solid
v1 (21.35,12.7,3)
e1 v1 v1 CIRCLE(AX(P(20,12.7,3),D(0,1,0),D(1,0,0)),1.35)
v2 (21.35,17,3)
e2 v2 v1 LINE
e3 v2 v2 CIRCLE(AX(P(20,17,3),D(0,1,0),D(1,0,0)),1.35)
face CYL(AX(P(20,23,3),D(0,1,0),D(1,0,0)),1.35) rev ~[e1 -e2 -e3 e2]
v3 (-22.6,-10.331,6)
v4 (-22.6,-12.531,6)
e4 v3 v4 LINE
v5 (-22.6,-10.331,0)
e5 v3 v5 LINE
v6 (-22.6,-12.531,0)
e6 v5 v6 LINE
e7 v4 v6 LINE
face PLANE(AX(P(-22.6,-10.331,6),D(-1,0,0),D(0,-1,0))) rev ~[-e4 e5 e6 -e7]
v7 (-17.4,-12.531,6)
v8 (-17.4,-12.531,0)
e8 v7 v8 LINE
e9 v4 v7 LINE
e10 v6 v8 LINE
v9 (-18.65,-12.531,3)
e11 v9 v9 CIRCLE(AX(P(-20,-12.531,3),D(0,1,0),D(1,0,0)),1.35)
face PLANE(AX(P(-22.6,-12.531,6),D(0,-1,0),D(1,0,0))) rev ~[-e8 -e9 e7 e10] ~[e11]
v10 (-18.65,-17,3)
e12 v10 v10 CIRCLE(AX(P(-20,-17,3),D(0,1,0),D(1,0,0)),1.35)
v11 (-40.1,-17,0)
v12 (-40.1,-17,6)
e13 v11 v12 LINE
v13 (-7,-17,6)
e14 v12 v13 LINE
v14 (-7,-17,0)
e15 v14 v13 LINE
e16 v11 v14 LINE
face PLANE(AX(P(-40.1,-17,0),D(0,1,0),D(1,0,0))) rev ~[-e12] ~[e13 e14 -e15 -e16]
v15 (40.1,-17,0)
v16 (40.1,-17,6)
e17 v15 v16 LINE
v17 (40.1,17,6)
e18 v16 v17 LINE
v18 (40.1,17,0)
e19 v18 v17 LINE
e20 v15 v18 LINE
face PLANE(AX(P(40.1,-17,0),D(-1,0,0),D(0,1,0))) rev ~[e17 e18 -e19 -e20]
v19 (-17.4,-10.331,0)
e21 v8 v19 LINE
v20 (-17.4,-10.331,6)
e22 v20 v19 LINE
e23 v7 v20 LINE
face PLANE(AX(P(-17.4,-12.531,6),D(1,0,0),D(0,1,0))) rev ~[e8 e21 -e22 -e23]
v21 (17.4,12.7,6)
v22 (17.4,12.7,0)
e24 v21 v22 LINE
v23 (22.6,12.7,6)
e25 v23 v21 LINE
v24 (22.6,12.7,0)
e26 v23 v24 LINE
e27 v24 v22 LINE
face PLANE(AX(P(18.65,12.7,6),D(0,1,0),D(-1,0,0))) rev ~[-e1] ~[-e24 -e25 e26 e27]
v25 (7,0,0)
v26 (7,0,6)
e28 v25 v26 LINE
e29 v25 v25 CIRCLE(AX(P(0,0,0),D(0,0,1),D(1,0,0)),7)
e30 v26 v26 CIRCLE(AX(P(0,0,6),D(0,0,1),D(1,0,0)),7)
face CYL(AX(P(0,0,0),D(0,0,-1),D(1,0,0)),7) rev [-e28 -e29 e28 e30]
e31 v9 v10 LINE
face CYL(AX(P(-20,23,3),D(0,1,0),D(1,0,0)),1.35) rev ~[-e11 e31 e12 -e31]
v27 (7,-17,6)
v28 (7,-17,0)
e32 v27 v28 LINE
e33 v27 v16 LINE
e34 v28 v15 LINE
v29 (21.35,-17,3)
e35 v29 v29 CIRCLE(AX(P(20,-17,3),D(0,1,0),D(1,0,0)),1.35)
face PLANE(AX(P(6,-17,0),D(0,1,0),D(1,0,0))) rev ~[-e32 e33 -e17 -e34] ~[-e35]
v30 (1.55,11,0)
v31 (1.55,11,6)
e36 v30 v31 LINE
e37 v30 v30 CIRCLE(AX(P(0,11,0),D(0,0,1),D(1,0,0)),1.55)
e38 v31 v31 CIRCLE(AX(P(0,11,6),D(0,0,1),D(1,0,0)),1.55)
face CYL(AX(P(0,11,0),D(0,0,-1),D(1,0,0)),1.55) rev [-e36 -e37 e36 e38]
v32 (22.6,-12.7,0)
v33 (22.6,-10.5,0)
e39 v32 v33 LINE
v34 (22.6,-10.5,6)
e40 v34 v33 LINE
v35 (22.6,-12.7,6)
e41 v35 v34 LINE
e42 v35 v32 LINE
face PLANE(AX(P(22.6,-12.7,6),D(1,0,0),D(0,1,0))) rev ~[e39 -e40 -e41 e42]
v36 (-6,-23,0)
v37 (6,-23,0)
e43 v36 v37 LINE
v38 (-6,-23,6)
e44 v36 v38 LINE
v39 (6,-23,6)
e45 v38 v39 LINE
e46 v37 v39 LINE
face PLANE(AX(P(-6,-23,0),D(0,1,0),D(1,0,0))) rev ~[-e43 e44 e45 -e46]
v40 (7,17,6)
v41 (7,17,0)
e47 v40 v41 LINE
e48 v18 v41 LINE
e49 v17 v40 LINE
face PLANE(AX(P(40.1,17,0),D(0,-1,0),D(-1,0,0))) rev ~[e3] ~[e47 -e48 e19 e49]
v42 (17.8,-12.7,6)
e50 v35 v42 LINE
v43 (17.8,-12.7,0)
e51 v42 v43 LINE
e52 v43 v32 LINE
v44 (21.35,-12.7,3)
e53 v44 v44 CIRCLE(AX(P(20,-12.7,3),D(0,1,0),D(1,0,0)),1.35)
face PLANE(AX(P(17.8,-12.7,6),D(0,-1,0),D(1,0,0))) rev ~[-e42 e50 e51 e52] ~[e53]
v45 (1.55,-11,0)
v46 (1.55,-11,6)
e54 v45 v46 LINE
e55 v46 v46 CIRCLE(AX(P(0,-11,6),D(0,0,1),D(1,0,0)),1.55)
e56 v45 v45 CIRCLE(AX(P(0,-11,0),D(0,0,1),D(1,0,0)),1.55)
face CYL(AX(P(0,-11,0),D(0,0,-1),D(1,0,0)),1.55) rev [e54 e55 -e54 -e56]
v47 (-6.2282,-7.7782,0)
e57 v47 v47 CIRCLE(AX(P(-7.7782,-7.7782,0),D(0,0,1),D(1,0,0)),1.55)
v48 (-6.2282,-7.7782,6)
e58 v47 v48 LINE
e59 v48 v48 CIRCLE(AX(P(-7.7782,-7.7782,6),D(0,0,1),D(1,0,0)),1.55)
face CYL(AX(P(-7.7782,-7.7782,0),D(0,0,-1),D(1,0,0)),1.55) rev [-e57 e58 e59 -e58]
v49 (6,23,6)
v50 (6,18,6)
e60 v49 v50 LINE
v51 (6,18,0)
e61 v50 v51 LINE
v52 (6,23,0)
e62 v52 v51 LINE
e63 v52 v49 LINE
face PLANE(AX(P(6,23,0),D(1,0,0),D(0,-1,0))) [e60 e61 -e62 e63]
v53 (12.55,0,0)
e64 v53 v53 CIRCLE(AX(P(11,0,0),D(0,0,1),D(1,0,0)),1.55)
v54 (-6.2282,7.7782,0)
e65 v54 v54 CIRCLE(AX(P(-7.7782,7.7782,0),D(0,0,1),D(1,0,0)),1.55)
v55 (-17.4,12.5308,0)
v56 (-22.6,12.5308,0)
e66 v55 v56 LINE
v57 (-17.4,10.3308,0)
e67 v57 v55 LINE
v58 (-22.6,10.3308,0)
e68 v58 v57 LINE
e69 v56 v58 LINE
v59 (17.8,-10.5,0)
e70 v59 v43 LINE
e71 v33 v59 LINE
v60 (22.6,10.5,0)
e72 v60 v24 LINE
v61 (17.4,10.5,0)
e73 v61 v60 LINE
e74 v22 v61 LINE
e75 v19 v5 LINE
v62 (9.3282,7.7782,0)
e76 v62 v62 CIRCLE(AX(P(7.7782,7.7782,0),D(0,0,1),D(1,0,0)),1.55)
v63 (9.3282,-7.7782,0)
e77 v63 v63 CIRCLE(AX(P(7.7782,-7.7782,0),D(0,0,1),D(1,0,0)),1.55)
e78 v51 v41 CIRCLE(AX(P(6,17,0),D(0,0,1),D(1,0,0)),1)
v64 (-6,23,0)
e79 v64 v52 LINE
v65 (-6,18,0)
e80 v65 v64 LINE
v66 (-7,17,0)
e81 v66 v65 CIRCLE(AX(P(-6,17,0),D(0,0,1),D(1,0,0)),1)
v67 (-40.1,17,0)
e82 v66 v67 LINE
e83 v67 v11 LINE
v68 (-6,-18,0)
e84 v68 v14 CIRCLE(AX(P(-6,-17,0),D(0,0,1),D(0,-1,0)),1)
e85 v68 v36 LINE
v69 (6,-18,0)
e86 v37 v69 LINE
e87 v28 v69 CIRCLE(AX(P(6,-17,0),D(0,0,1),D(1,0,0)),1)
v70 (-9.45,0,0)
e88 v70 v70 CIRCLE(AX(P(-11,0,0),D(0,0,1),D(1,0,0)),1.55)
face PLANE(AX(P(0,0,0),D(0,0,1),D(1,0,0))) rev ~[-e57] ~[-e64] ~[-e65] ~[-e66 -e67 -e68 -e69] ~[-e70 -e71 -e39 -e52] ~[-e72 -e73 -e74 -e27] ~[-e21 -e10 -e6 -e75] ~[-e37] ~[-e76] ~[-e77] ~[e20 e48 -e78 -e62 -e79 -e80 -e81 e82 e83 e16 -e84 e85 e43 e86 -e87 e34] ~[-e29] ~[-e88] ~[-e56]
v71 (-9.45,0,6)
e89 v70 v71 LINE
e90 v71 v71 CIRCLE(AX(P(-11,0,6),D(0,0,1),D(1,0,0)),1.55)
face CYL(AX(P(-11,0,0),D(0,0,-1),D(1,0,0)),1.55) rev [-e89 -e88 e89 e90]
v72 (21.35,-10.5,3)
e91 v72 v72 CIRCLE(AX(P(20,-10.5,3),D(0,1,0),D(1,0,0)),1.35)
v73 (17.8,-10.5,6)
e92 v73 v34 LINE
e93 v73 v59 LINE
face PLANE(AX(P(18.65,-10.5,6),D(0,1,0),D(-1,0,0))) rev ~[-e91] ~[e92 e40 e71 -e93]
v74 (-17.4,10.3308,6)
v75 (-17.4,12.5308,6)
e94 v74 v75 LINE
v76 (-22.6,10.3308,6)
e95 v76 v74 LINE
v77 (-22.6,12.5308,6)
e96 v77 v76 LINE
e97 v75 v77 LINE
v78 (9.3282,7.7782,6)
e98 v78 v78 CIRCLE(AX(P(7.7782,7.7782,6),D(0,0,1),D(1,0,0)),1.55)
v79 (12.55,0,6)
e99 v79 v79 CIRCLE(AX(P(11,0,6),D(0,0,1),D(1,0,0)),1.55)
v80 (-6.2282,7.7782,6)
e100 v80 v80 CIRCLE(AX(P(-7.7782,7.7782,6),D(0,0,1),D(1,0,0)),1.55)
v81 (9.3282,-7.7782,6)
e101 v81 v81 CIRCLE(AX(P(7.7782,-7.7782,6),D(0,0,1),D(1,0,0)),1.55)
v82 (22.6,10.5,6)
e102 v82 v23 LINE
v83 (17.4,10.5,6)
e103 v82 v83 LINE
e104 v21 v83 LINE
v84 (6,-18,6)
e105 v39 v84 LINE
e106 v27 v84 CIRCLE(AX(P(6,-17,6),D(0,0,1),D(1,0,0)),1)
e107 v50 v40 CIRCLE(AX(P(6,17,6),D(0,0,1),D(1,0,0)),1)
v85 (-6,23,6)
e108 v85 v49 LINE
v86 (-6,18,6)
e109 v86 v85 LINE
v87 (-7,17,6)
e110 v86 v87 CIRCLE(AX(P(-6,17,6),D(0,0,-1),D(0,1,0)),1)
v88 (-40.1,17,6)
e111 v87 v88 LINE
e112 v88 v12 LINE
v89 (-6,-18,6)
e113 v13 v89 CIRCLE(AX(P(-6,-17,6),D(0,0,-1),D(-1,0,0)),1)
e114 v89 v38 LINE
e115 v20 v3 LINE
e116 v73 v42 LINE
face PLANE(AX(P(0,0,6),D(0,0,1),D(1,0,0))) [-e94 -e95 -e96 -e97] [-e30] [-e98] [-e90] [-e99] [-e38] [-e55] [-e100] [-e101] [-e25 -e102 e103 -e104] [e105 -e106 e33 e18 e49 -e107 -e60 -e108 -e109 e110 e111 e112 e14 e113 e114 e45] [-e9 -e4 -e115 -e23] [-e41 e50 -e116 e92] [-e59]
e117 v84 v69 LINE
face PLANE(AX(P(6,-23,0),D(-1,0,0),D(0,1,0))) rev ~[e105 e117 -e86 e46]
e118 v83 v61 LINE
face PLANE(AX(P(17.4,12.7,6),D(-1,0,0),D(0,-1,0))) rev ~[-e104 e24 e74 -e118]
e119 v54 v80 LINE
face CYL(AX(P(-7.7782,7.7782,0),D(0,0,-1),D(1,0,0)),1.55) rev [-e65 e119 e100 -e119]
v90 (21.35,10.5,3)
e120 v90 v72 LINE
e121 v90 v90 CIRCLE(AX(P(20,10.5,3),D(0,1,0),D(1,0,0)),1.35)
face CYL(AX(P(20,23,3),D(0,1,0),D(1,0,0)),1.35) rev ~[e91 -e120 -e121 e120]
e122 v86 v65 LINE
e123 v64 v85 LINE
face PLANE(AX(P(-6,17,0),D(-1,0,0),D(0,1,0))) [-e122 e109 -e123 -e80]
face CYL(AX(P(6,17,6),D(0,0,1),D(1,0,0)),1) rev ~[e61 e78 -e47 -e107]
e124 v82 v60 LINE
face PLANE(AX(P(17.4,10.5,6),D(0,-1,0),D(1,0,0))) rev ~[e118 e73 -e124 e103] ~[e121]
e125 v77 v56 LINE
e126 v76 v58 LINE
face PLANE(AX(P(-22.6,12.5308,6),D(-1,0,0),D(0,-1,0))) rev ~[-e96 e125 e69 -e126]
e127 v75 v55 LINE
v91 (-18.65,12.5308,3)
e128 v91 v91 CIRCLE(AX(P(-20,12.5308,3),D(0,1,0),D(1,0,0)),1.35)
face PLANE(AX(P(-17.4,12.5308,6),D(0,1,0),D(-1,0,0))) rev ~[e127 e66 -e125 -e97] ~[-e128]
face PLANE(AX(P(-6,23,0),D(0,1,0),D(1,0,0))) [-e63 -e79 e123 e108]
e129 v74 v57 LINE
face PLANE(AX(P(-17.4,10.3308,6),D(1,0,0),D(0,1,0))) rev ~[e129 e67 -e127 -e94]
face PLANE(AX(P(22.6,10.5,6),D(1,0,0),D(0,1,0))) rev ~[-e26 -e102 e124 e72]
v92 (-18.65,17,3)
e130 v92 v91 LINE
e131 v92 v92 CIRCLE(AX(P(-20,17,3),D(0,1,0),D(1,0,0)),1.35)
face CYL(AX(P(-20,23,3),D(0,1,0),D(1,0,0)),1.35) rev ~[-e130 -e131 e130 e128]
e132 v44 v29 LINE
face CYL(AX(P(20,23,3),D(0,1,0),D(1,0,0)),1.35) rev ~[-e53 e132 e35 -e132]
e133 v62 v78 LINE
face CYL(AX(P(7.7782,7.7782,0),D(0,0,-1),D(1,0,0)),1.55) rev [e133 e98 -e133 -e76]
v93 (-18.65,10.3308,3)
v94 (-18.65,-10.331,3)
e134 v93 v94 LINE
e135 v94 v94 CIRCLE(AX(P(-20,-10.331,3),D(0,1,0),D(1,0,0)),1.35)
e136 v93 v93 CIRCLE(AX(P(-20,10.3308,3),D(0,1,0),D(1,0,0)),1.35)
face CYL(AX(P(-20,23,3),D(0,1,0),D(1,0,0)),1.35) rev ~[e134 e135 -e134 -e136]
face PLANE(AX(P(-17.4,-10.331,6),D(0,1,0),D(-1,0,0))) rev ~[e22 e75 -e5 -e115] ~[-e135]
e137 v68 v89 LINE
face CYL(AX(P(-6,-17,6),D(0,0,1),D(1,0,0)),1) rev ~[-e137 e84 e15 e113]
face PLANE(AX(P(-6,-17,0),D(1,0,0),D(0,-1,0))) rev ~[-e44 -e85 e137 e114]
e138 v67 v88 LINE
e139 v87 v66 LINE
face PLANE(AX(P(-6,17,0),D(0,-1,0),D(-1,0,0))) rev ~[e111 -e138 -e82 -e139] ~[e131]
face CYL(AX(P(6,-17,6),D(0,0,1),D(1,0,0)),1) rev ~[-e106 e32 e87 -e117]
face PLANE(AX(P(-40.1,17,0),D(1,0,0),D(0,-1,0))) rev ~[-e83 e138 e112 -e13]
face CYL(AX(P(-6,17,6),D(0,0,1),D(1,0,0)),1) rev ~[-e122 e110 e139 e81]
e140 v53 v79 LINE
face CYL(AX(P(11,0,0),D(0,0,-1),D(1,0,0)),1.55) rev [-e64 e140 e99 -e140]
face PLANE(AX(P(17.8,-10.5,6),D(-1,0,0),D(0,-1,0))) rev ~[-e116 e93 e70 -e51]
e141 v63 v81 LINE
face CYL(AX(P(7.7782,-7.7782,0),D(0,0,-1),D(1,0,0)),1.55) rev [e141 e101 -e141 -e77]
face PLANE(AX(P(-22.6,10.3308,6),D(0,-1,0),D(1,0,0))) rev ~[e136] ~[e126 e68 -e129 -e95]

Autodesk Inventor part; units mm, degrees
ref_plane "YZ Plane" through (0, 0, 0) normal (1, 0, 0) x (0, 1, 0)
ref_plane "XZ Plane" through (0, 0, 0) normal (0, 1, 0) x (-1, 0, 0)
ref_plane "XY Plane" through (0, 0, 0) normal (0, 0, 1) x (1, 0, 0)
ref_plane "작업 평면1" through (0, 0, 0) normal (0, 0, 1) x (1, 0, 0)
sketch "스케치1" plane through (0, 0, 0) normal (0, 0, 1) x (1, 0, 0)
  circle A0 centre (-7.7782, -7.7782) radius 1.55 projected
  circle A1 centre (7.7782, -7.7782) radius 1.55 projected
  circle A2 centre (7.7782, 7.7782) radius 1.55 projected
  circle A3 centre (-7.7782, 7.7782) radius 1.55 projected
  circle A4 centre (0, 0) radius 5 projected
  circle A5 centre (0, 0) radius 13.9 projected
  circle A6 centre (0, 11) radius 1.55 projected
  circle A7 centre (11, 0) radius 1.55 projected
  circle A8 centre (0, -11) radius 1.55 projected
  circle A9 centre (-11, 0) radius 1.55 projected
  line L0 (-40.1, -17) -> (40.1, -17)
  line L1 (40.1, -17) -> (40.1, 17)
  line L2 (40.1, 17) -> (-40.1, 17)
  line L3 (-40.1, 17) -> (-40.1, -17)
  line L4 (-40.1, -17) -> (40.1, 17) construction
  line L5 (40.1, -17) -> (-40.1, 17) construction
  circle A10 centre (0, 0) radius 7
  circle A11 centre (0, 11) radius 1.35
  circle A12 centre (-7.7782, 7.7782) radius 1.35
  circle A13 centre (-11, 0) radius 1.35
  circle A14 centre (-7.7782, -7.7782) radius 1.35
  circle A15 centre (0, -11) radius 1.35
  circle A16 centre (7.7782, -7.7782) radius 1.35
  circle A17 centre (11, 0) radius 1.35
  circle A18 centre (7.7782, 7.7782) radius 1.35
  line L6 (6, 17) -> (-6, 17)
  line L7 (-6, 17) -> (-6, 23)
  line L8 (-6, 23) -> (6, 23)
  line L9 (6, 23) -> (6, 17)
  line L10 (6, -17) -> (-6, -17)
  line L11 (-6, -17) -> (-6, -23)
  line L12 (-6, -23) -> (6, -23)
  line L13 (6, -23) -> (6, -17)
  point P0 (0, 0)
  point P1 (0, 0)
  point P2 (0, 0)
  point P3 (0, 0)
  point P4 (0, 0)
  point P5 (0, 0)
  point P6 (0, 0)
  point P7 (0, 0)
  dimension "d0" = 80.2
  dimension "d1" = 34
  dimension "d2" = 2
  dimension "d3" = 2.7
  dimension "d6" = 360
  dimension "d8" = 12
  dimension "d9" = 6
  dimension "d10" = 12
  dimension "d11" = 6
extrude "돌출1" add sketch "스케치1" along normal blind 6 contours A5 | L3 L2 L1 L0 | L0 L13 L12 L11 | L7 L8 L9 L2
sketch "스케치3" plane through (-6, 23, 0) normal (0, 1, 0) x (1, 0, 0)
  circle A0 centre (26, -3) radius 1.35
  circle A1 centre (-14, -3) radius 1.35
  point P0 (6, 0)
  dimension "d14" = 2.7
  dimension "d15" = 2.7
extrude "돌출2" cut sketch "스케치3" against normal blind 100
sketch "스케치4" plane through (0, 0, 6) normal (0, 0, 1) x (1, 0, 0)
  line L0 (22.2, 12.7) -> (17, 10.5) construction
  line L1 (17, 12.7) -> (22.2, 10.5) construction
  line L2 (-22.2, 12.7) -> (-17, 10.5) construction
  line L3 (-17, 12.7) -> (-22.2, 10.5) construction
  line L4 (17.8, -12.7) -> (23, -12.7)
  line L5 (23, -10.5) -> (17.8, -10.5)
  line L6 (17.8, -10.5) -> (17.8, -12.7)
  line L7 (17.8, -12.7) -> (23, -10.5) construction
  line L8 (23, -12.7) -> (17.8, -10.5) construction
  line L9 (-22.2, -12.7) -> (-17, -10.5) construction
  line L10 (-17, -12.7) -> (-22.2, -10.5) construction
  line L11 (18.65, 17) -> (18.65, -17) projected
  line L12 (21.35, 17) -> (21.35, -17) projected
  line L13 (17.4, 10.5) -> (22.6, 10.5)
  line L14 (22.6, 10.5) -> (22.6, 12.7)
  line L15 (22.6, 12.7) -> (17.4, 12.7)
  line L16 (17.4, 12.7) -> (17.4, 10.5)
  line L17 (17.4, 10.5) -> (22.6, 12.7) construction
  line L18 (22.6, 10.5) -> (17.4, 12.7) construction
  line L19 (-22.6, 10.3308) -> (-17.4, 10.3308)
  line L20 (-17.4, 10.3308) -> (-17.4, 12.5308)
  line L21 (-17.4, 12.5308) -> (-22.6, 12.5308)
  line L22 (-22.6, 12.5308) -> (-22.6, 10.3308)
  line L23 (-22.6, 10.3308) -> (-17.4, 12.5308) construction
  line L24 (-17.4, 10.3308) -> (-22.6, 12.5308) construction
  line L25 (22.6, -12.7) -> (22.6, -10.5)
  line L26 (17.4, -12.7) -> (22.6, -10.5) construction
  line L27 (22.6, -12.7) -> (17.4, -10.5) construction
  line L28 (-22.6, -12.531) -> (-17.4, -12.531)
  line L29 (-17.4, -12.531) -> (-17.4, -10.331)
  line L30 (-17.4, -10.331) -> (-22.6, -10.331)
  line L31 (-22.6, -10.331) -> (-22.6, -12.531)
  line L32 (-22.6, -12.531) -> (-17.4, -10.331) construction
  line L33 (-17.4, -12.531) -> (-22.6, -10.331) construction
  point P0 (0, 0)
  point P1 (-19.6, 11.6)
  point P2 (20.4, -11.6)
  point P3 (-19.6, -11.6)
  point P4 (20, 11.6)
  point P5 (-20, 11.4308)
  point P6 (20, -11.6)
  point P7 (-20, -11.431)
  dimension "d18" = 5.2
  dimension "d19" = 2.2
  dimension "d20" = 5.2
  dimension "d21" = 2.2
  dimension "d22" = 5.2
  dimension "d23" = 2.2
  dimension "d24" = 5.2
  dimension "d25" = 2.2
  dimension "d28" = 5.2
  dimension "d29" = 2.2
  dimension "d30" = 5.2
  dimension "d31" = 2.2
  dimension "d32" = 5.2
  dimension "d33" = 2.2
  dimension "d34" = 5.2
  dimension "d35" = 2.2
extrude "돌출4" cut sketch "스케치4" against normal blind 10 contours L6 L5 L11 L4 | L11 L5 L12 L4 | L12 L5 L25 L4 | L13 L16 L15 L11 | L11 L15 L12 L13 | L12 L15 L14 L13 | L22 L21 L20 L19 | L31 L30 L29 L28
sketch "스케치5" plane through (0, 0, 6) normal (0, 0, 1) x (1, 0, 0)
  line L0 (22.6, 10.5) -> (17.4, 10.5) projected
  line L1 (17.4, 10.5) -> (17.4, 12.7) projected
  line L2 (17.4, 12.7) -> (22.6, 12.7) projected
  line L3 (22.6, 12.7) -> (22.6, 10.5) projected
  line L4 (-22.6, -10.331) -> (-17.4, -10.331) projected
  line L5 (-17.4, -10.331) -> (-17.4, -12.531) projected
  line L6 (-17.4, -12.531) -> (-22.6, -12.531) projected
  line L7 (-22.6, -12.531) -> (-22.6, -10.331) projected
  line L8 (17.8, -12.7) -> (17.8, -10.5) projected
  line L9 (17.8, -10.5) -> (22.6, -10.5) projected
  line L10 (22.6, -10.5) -> (22.6, -12.7) projected
  line L11 (22.6, -12.7) -> (17.8, -12.7) projected
  line L12 (-22.6, 12.5308) -> (-17.4, 12.5308) projected
  line L13 (-17.4, 12.5308) -> (-17.4, 10.3308) projected
  line L14 (-17.4, 10.3308) -> (-22.6, 10.3308) projected
  line L15 (-22.6, 10.3308) -> (-22.6, 12.5308) projected
  line L16 (40.1, 17) -> (6, 17) projected
  line L17 (6, 17) -> (6, 23) projected
  line L18 (6, 23) -> (-6, 23) projected
  line L19 (-6, 23) -> (-6, 17) projected
  line L20 (-6, 17) -> (-40.1, 17) projected
  line L21 (-40.1, 17) -> (-40.1, -17) projected
  line L22 (-40.1, -17) -> (-6, -17) projected
  line L23 (-6, -17) -> (-6, -23) projected
  line L24 (-6, -23) -> (6, -23) projected
  line L25 (6, -23) -> (6, -17) projected
  line L26 (6, -17) -> (40.1, -17) projected
  line L27 (40.1, -17) -> (40.1, 17) projected
  circle A0 centre (-7.7782, -7.7782) radius 1.55 projected
  circle A1 centre (7.7782, -7.7782) radius 1.55 projected
  circle A2 centre (7.7782, 7.7782) radius 1.55 projected
  circle A3 centre (-7.7782, 7.7782) radius 1.55 projected
  circle A4 centre (0, 11) radius 1.55 projected
  circle A5 centre (11, 0) radius 1.55 projected
  circle A6 centre (0, -11) radius 1.55 projected
  circle A7 centre (-11, 0) radius 1.55 projected
  circle A8 centre (0, 0) radius 7 projected
  circle A9 centre (6, 17) radius 1
  circle A10 centre (-6, 17) radius 1
  circle A11 centre (6, -17) radius 1
  circle A12 centre (-6, -17) radius 1
  point P0 (0, 0)
  point P1 (-6, 18)
  point P2 (-7, 17)
  point P3 (6, 18)
  point P4 (7, 17)
  point P5 (7, -17)
  point P6 (6, -18)
  dimension "d38" = 2
  dimension "d39" = 2
  dimension "d40" = 2
  dimension "d41" = 2
extrude "돌출5" cut sketch "스케치5" against normal blind 10 contours A9 L17 L16 | L26 L25 A11 | A10 L20 L19 | A12 L22 L23 | L23 L22 A12 picked at (6.5384, 16.6156) picked at (6.5384, -16.6156) picked at (-6.657, 16.9202)
properties part number "hip joint_body connector" material "PMMA 플라스틱"
